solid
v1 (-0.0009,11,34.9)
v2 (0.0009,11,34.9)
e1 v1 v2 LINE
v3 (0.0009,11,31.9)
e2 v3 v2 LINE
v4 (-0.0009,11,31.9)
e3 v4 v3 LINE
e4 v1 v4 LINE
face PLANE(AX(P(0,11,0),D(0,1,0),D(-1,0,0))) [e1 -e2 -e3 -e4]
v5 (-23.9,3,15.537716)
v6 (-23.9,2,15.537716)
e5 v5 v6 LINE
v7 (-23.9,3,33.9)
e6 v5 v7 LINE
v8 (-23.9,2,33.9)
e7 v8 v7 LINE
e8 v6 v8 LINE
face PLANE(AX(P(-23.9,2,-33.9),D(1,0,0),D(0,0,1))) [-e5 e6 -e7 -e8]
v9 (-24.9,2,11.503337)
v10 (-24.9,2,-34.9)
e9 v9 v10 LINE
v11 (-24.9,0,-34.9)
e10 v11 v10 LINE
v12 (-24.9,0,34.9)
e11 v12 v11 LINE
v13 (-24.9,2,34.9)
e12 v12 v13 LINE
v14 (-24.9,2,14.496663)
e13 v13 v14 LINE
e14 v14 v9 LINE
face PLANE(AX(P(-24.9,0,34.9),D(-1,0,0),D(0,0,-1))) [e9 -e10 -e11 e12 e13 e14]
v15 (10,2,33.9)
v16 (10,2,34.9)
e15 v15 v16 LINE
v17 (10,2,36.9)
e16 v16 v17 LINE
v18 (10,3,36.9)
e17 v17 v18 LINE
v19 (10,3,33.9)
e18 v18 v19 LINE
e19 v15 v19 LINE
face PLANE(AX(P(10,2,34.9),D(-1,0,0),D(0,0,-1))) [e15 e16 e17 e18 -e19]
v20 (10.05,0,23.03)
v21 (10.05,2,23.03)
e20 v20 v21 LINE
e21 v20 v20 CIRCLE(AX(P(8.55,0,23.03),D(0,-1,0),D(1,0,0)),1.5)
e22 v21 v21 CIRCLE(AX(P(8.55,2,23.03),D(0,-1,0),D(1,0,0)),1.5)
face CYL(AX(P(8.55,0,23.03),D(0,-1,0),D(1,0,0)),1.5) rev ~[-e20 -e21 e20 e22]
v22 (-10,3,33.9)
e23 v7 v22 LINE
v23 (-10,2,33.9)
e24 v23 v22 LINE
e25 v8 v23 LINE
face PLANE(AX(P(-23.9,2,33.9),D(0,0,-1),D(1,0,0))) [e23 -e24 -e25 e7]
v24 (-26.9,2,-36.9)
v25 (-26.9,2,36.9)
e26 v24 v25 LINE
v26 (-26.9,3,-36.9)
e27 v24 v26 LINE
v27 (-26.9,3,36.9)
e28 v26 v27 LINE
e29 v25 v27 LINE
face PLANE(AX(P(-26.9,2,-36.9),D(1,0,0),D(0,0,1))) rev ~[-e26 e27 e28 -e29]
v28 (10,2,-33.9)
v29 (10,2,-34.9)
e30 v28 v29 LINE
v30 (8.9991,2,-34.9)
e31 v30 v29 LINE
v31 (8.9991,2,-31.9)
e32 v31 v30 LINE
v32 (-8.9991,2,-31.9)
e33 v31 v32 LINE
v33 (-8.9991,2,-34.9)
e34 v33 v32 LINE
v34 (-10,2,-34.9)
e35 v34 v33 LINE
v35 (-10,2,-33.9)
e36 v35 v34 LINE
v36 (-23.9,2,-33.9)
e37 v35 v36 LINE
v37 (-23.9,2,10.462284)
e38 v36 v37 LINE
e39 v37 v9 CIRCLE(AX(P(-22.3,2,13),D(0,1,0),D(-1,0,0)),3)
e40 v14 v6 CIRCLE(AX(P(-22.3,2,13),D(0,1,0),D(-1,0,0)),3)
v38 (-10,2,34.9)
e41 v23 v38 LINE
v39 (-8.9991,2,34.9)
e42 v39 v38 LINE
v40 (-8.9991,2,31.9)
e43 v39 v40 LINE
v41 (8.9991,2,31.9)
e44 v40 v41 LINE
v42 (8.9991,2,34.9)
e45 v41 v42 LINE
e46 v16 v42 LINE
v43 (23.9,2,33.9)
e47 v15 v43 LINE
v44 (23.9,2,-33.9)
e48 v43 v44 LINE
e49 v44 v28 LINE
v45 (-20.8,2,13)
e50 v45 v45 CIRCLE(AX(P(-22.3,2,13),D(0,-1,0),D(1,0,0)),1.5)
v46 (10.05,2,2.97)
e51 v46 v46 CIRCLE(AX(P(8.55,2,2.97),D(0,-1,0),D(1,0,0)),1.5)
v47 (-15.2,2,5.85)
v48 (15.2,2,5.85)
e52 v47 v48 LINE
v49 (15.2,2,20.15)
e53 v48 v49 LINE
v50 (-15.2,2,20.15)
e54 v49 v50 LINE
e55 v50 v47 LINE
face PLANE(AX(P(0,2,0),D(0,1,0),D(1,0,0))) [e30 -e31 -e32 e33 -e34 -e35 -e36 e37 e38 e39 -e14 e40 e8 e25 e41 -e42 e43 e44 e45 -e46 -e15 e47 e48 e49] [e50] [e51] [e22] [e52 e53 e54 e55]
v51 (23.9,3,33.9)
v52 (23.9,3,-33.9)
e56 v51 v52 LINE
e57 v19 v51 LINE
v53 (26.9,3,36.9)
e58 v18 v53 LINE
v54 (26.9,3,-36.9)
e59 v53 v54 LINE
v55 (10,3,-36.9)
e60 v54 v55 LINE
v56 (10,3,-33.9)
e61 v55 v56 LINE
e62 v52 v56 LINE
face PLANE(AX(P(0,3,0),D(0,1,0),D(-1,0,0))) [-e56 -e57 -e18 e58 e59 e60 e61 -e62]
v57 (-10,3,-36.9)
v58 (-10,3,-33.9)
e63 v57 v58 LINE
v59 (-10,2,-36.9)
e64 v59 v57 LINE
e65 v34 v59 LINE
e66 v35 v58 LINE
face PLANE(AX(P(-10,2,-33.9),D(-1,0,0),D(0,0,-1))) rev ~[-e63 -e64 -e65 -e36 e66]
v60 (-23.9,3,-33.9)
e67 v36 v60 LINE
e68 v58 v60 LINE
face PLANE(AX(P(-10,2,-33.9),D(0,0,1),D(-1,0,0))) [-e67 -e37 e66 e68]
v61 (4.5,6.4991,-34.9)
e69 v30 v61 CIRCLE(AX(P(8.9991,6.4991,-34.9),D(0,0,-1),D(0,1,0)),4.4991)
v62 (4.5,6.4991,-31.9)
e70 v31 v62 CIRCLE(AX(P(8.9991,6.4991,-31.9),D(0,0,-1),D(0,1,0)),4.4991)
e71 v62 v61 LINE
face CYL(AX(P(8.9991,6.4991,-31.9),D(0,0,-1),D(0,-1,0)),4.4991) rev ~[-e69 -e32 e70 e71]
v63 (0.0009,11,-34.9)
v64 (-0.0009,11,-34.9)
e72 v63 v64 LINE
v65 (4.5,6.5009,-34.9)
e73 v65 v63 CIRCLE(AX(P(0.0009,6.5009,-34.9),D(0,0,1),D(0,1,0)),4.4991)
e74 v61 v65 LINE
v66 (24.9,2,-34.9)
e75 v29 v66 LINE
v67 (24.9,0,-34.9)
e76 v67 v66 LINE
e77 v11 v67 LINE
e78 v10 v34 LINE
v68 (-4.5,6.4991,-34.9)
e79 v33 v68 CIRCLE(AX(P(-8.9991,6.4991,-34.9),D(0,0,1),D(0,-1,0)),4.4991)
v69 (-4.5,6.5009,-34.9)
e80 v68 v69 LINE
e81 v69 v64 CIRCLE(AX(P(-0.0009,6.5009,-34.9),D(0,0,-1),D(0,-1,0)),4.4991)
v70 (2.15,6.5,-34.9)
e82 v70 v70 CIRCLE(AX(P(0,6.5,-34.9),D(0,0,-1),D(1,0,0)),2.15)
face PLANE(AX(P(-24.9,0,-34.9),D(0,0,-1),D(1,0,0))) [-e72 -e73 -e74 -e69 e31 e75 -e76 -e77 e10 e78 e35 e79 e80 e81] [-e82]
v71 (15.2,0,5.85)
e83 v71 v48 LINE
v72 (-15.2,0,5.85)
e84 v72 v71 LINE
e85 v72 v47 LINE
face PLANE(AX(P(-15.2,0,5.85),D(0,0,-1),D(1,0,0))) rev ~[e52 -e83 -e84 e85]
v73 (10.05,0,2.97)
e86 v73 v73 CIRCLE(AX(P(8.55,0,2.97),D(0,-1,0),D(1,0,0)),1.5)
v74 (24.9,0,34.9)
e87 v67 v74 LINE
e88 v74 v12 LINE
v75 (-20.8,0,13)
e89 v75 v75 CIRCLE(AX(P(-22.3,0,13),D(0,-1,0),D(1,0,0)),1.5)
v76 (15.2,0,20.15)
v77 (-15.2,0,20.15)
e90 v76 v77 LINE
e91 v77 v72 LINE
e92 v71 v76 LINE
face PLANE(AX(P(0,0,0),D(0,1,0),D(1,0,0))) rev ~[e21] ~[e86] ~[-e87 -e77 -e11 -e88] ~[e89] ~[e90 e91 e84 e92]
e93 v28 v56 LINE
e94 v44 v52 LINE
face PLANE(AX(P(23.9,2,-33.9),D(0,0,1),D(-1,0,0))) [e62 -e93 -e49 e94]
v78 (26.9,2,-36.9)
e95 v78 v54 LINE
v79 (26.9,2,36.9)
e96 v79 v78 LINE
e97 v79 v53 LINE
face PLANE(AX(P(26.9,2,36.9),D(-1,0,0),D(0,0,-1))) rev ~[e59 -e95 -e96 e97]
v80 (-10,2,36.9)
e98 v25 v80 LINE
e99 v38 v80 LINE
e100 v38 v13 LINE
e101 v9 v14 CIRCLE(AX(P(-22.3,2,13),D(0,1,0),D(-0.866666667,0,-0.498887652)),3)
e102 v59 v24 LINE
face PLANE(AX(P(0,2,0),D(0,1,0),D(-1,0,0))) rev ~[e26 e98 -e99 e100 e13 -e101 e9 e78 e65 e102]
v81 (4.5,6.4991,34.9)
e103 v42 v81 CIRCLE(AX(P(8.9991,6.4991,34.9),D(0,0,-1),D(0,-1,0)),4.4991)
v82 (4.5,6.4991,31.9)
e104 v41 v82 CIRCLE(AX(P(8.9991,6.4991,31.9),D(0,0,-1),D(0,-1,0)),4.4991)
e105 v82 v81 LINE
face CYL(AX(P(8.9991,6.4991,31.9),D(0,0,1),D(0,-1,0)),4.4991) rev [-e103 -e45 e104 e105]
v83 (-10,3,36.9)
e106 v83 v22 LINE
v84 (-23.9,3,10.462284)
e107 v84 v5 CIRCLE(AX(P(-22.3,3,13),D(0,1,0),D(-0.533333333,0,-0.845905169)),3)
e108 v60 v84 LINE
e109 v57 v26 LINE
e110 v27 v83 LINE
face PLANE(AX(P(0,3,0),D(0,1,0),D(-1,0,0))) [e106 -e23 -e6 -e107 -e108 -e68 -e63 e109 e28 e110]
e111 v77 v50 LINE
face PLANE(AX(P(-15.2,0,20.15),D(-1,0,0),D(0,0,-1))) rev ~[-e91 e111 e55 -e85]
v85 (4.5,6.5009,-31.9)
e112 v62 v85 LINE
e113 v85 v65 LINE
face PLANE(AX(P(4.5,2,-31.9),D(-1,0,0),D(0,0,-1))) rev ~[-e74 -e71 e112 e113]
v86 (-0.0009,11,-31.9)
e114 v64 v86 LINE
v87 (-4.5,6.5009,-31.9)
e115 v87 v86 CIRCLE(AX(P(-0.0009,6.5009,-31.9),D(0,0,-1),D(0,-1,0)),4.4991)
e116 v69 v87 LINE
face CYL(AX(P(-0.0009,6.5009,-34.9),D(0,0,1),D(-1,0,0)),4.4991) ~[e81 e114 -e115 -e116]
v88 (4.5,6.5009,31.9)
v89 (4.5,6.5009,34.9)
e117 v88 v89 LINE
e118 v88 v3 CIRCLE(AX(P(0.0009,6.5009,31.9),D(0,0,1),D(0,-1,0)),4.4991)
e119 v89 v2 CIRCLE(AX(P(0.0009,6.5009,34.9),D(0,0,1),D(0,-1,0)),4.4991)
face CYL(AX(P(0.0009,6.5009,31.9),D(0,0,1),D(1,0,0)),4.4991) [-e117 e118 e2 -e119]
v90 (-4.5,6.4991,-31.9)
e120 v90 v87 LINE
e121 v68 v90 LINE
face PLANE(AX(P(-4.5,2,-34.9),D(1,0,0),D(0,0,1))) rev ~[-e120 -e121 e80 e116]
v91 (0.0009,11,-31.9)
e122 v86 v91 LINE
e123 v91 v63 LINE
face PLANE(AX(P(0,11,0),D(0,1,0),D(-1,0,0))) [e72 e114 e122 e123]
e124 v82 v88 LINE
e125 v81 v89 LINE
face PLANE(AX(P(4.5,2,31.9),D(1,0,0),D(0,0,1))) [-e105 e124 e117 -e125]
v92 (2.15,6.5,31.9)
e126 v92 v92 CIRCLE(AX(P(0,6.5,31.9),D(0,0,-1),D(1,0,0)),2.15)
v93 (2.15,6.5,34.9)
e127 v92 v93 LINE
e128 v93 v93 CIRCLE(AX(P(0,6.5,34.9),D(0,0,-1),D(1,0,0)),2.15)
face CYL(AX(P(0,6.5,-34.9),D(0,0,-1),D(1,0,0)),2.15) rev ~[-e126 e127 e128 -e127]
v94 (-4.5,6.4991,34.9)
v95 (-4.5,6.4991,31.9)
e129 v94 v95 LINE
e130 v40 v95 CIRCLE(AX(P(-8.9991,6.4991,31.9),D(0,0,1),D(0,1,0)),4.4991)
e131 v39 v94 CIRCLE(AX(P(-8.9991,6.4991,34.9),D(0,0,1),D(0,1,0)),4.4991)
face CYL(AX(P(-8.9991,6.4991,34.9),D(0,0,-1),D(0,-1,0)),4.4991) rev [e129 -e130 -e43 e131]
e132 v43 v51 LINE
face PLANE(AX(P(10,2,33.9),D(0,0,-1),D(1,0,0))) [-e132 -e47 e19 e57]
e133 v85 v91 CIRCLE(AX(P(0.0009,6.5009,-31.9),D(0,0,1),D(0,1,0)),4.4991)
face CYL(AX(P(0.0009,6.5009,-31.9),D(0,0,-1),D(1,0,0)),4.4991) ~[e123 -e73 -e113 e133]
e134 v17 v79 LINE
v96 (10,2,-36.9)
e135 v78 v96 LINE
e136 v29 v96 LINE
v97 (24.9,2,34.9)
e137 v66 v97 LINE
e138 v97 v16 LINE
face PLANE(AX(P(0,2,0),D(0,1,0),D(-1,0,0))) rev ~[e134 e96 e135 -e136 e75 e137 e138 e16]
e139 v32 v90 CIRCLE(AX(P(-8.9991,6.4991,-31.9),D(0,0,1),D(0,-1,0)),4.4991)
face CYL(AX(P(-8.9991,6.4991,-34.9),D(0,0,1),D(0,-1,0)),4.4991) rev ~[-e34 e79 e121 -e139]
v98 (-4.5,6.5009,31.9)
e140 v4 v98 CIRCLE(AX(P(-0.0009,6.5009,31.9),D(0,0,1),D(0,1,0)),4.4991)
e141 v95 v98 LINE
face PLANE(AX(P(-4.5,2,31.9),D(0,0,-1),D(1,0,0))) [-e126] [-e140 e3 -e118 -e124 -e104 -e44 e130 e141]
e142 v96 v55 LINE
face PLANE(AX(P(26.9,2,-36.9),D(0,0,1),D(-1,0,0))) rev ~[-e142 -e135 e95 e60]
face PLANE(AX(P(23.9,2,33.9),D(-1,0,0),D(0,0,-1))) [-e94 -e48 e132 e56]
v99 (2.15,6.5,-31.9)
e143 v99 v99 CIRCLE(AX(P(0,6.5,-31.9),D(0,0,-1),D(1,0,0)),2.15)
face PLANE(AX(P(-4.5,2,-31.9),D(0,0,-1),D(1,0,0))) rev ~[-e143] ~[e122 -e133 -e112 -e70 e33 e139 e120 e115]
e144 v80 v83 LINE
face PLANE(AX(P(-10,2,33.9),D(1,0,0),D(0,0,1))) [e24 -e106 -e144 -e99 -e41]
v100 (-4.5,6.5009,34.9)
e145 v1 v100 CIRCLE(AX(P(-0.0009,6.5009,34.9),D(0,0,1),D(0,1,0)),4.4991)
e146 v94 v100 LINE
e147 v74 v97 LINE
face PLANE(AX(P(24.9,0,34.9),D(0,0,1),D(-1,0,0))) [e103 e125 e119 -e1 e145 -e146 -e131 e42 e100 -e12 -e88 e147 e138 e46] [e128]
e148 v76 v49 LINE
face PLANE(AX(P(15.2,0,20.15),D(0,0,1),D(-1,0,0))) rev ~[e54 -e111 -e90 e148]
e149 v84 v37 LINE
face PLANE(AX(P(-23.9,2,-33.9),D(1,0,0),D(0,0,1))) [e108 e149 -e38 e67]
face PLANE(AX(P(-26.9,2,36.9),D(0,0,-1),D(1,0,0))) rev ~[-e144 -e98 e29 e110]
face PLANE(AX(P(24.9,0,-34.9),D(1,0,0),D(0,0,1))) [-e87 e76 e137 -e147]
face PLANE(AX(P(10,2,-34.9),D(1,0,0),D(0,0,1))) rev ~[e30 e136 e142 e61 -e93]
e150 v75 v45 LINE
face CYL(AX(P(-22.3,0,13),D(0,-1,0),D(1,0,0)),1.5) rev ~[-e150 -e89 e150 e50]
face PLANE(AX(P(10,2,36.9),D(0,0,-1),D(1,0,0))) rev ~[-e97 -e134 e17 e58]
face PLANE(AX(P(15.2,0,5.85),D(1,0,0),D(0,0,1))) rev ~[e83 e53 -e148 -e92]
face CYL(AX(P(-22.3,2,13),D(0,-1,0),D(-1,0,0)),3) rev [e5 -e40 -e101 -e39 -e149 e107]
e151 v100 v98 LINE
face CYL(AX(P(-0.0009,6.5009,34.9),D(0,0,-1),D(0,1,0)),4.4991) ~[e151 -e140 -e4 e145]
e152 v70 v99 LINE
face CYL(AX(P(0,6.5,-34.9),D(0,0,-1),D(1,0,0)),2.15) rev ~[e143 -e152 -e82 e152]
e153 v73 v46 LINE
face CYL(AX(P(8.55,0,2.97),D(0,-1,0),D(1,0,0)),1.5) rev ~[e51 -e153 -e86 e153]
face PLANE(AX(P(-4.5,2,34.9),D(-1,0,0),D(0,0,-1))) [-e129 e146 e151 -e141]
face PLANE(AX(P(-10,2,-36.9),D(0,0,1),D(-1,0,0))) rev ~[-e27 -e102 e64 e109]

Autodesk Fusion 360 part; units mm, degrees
sketch "Sketch2" plane through (0, 0, 0) normal (0, 1, 0) x (1, 0, 0)
  line L0 (24.9, -34.9) -> (-24.9, -34.9)
  line L1 (-24.9, -34.9) -> (-24.9, 34.9)
  line L2 (-24.9, 34.9) -> (24.9, 34.9)
  line L3 (24.9, 34.9) -> (24.9, -34.9)
  line L4 (24.9, -34.9) -> (-24.9, 34.9) construction
  line L5 (-24.9, -34.9) -> (24.9, 34.9) construction
  dimension "d1" = 49.8
  dimension "d2" = 69.8
extrude "Extrude1" add sketch "Sketch2" along normal blind 2
sketch "Sketch3" plane through (0, 0, 0) normal (0, -1, 0) x (1, 0, 0)
  line L0 (-24.9, -34.9) -> (24.9, -34.9)
  line L1 (24.9, -34.9) -> (24.9, 34.9)
  line L2 (24.9, 34.9) -> (-24.9, 34.9)
  line L3 (-24.9, 34.9) -> (-24.9, -34.9)
  line L4 (15.2, 20.15) -> (-15.2, 20.15)
  line L5 (-15.2, 20.15) -> (-15.2, 5.85)
  line L6 (-15.2, 5.85) -> (15.2, 5.85)
  line L7 (15.2, 5.85) -> (15.2, 20.15)
  line L8 (15.2, 20.15) -> (-15.2, 5.85) construction
  line L9 (-15.2, 20.15) -> (15.2, 5.85) construction
  line L10 (17.85, 23.03) -> (-22.3, 23.03) construction
  line L11 (-22.3, 23.03) -> (-22.3, 2.97) construction
  line L12 (-22.3, 2.97) -> (17.85, 2.97) construction
  line L13 (17.85, 2.97) -> (17.85, 23.03) construction
  line L14 (17.85, 23.03) -> (-22.3, 2.97) construction
  line L15 (-22.3, 23.03) -> (17.85, 2.97) construction
  line L16 (0, 13) -> (15.2, 13) construction
  circle A0 centre (8.55, 23.03) radius 1.5
  circle A1 centre (8.55, 2.97) radius 1.5
  circle A2 centre (-22.3, 13) radius 1.5
  point P0 (0, 13)
  point P1 (-2.225, 13)
  dimension "d5" = 30.4
  dimension "d6" = 14.3
  dimension "d7" = 40.15
  dimension "d8" = 20.06
  dimension "d10" = 2.65
  dimension "d11" = 3
  dimension "d12" = 9.3
  dimension "d13" = 3
extrude "Extrude2" cut sketch "Sketch3" against normal blind 2 contours L4 L5 L6 L7 | A0 | A1 | A2
sketch "Sketch5" plane through (0, 2, 0) normal (0, 1, 0) x (-1, 0, 0)
  circle A0 centre (22.3, 13) radius 1.5
  circle A1 centre (-8.55, 2.97) radius 1.5
  line L0 (-15.2, 20.15) -> (15.2, 20.15)
  line L1 (15.2, 20.15) -> (15.2, 5.85)
  line L2 (15.2, 5.85) -> (-15.2, 5.85)
  line L3 (-15.2, 5.85) -> (-15.2, 20.15)
  circle A2 centre (-8.55, 23.03) radius 1.5
  line L4 (-24.9, -34.9) -> (24.9, -34.9)
  line L5 (24.9, -34.9) -> (24.9, 34.9)
  line L6 (24.9, 34.9) -> (-24.9, 34.9)
  line L7 (-24.9, 34.9) -> (-24.9, -34.9)
  line L8 (-26.9, -36.9) -> (26.9, -36.9)
  line L9 (26.9, -36.9) -> (26.9, 36.9)
  line L10 (26.9, 36.9) -> (-26.9, 36.9)
  line L11 (-26.9, 36.9) -> (-26.9, -36.9)
  line L12 (-23.9, 33.9) -> (-23.9, -33.9)
  line L13 (-23.9, -33.9) -> (23.9, -33.9)
  line L14 (23.9, -33.9) -> (23.9, 33.9)
  line L15 (23.9, 33.9) -> (-23.9, 33.9)
  line L16 (0, 34.9) -> (0, -34.9) construction
  line L17 (-24.9, 0) -> (24.9, 0) construction
  line L18 (-10, 33.9) -> (10, 33.9)
  line L19 (10, 33.9) -> (10, 36.9)
  line L20 (10, 36.9) -> (-10, 36.9)
  line L21 (-10, 36.9) -> (-10, 33.9)
  line L22 (10, -36.9) -> (-10, -36.9)
  line L23 (10, -33.9) -> (10, -36.9)
  line L24 (-10, -36.9) -> (-10, -33.9)
  line L25 (-10, -33.9) -> (10, -33.9)
  dimension "d17" = 2
  dimension "d18" = -1
  dimension "d34" = 20
  dimension "d35" = 10
extrude "Extrude3" add sketch "Sketch5" along normal blind 1 contours L4 L6 L7 L12 L13 L15 L21 L24 | L4 L6 L7 L8 L10 L11 L21 L24 | L4 L5 L6 L13 L14 L15 L19 L23 | L4 L5 L6 L8 L9 L10 L19 L23
sketch "Sketch6" plane through (0, 2, 0) normal (0, 1, 0) x (-1, 0, 0)
  line L0 (-23.9, 33.9) -> (-23.9, -33.9)
  line L1 (-23.9, -33.9) -> (-10, -33.9)
  line L2 (23.9, -33.9) -> (23.9, 33.9)
  line L3 (-10, 33.9) -> (-23.9, 33.9)
  circle A0 centre (22.3, 13) radius 1.5
  circle A1 centre (-8.55, 2.97) radius 1.5
  line L4 (-15.2, 20.15) -> (15.2, 20.15)
  line L5 (15.2, 20.15) -> (15.2, 5.85)
  line L6 (15.2, 5.85) -> (-15.2, 5.85)
  line L7 (-15.2, 5.85) -> (-15.2, 20.15)
  circle A2 centre (-8.55, 23.03) radius 1.5
  circle A3 centre (22.3, 13) radius 3
  line L8 (10, 33.9) -> (10, 34.9)
  line L9 (10, 34.9) -> (-10, 34.9)
  line L10 (-10, 34.9) -> (-10, 33.9)
  line L11 (-10, -33.9) -> (-10, -34.9)
  line L12 (-10, -34.9) -> (10, -34.9)
  line L13 (10, -34.9) -> (10, -33.9)
  line L14 (10, -33.9) -> (23.9, -33.9)
  line L15 (23.9, 33.9) -> (10, 33.9)
  dimension "d21" = 6
extrude "Extrude4" cut sketch "Sketch6" along normal blind 1 contours L2 A3 | L2 A3
sketch "Sketch9" plane through (0, 2, 0) normal (0, 1, 0) x (-1, 0, 0)
  circle A0 centre (22.3, 13) radius 1.5
  line L0 (23.9, 15.5377) -> (23.9, 33.9)
  line L1 (23.9, 33.9) -> (10, 33.9)
  line L2 (10, 33.9) -> (10, 34.9)
  line L3 (10, 34.9) -> (-10, 34.9)
  line L4 (-10, 34.9) -> (-10, 33.9)
  line L5 (-10, 33.9) -> (-23.9, 33.9)
  line L6 (-23.9, 33.9) -> (-23.9, -33.9)
  line L7 (-23.9, -33.9) -> (-10, -33.9)
  line L8 (-10, -33.9) -> (-10, -34.9)
  line L9 (-10, -34.9) -> (10, -34.9)
  line L10 (10, -34.9) -> (10, -33.9)
  line L11 (10, -33.9) -> (23.9, -33.9)
  line L12 (23.9, -33.9) -> (23.9, 10.4623)
  arc A1 (23.9, 10.4623) -> (24.9, 11.5033) centre (22.3, 13) ccw
  line L13 (24.9, 11.5033) -> (24.9, 14.4967)
  arc A2 (24.9, 14.4967) -> (23.9, 15.5377) centre (22.3, 13) ccw
  circle A3 centre (-8.55, 23.03) radius 1.5
  line L14 (-15.2, 20.15) -> (15.2, 20.15)
  line L15 (15.2, 20.15) -> (15.2, 5.85)
  line L16 (15.2, 5.85) -> (-15.2, 5.85)
  line L17 (-15.2, 5.85) -> (-15.2, 20.15)
  circle A4 centre (-8.55, 2.97) radius 1.5
  line L18 (0, 34.9) -> (0, -34.9) construction
  line L19 (-27, 0) -> (27, 0) construction
  line L20 (-4.5, 34.9) -> (4.5, 34.9)
  line L21 (4.5, 34.9) -> (4.5, 31.9)
  line L22 (4.5, 31.9) -> (-4.5, 31.9)
  line L23 (-4.5, 31.9) -> (-4.5, 34.9)
  line L24 (-4.5, -34.9) -> (4.5, -34.9)
  line L25 (-4.5, -31.9) -> (-4.5, -34.9)
  line L26 (4.5, -31.9) -> (-4.5, -31.9)
  line L27 (4.5, -34.9) -> (4.5, -31.9)
  dimension "d36" = 9
  dimension "d37" = 3
  dimension "d38" = 4.5
extrude "Extrude7" add sketch "Sketch9" along normal blind 9 contours L3 L20 L21 L22 L23 | L9 L24 L25 L26 L27
sketch "Sketch10" plane through (0, 0, -34.9) normal (0, 0, -1) x (1, 0, 0)
  line L0 (24.9, 0) -> (-24.9, 0)
  line L1 (-24.9, 0) -> (-24.9, -2)
  line L2 (-24.9, -2) -> (-10, -2)
  line L3 (-10, -2) -> (-4.5, -2)
  line L4 (-4.5, -2) -> (-4.5, -11)
  line L5 (-4.5, -11) -> (4.5, -11)
  line L6 (4.5, -11) -> (4.5, -2)
  line L7 (4.5, -2) -> (10, -2)
  line L8 (10, -2) -> (24.9, -2)
  line L9 (24.9, -2) -> (24.9, 0)
  line L10 (-4.5, -2) -> (4.5, -11) construction
  line L11 (4.5, -2) -> (-4.5, -11) construction
  circle A0 centre (0, -6.5) radius 2.15
  dimension "d41" = 4.3
extrude "Extrude8" cut sketch "Sketch10" against normal blind 72 contours A0
fillet "Fillet2" radius 4.5 8 edges at (4.5, 2, 33.4) (4.5, 11, 33.4) (-4.5, 11, 33.4) (-4.5, 2, 33.4) (-4.5, 11, -33.4) (-4.5, 2, -33.4) (4.5, 2, -33.4) (4.5, 11, -33.4)
